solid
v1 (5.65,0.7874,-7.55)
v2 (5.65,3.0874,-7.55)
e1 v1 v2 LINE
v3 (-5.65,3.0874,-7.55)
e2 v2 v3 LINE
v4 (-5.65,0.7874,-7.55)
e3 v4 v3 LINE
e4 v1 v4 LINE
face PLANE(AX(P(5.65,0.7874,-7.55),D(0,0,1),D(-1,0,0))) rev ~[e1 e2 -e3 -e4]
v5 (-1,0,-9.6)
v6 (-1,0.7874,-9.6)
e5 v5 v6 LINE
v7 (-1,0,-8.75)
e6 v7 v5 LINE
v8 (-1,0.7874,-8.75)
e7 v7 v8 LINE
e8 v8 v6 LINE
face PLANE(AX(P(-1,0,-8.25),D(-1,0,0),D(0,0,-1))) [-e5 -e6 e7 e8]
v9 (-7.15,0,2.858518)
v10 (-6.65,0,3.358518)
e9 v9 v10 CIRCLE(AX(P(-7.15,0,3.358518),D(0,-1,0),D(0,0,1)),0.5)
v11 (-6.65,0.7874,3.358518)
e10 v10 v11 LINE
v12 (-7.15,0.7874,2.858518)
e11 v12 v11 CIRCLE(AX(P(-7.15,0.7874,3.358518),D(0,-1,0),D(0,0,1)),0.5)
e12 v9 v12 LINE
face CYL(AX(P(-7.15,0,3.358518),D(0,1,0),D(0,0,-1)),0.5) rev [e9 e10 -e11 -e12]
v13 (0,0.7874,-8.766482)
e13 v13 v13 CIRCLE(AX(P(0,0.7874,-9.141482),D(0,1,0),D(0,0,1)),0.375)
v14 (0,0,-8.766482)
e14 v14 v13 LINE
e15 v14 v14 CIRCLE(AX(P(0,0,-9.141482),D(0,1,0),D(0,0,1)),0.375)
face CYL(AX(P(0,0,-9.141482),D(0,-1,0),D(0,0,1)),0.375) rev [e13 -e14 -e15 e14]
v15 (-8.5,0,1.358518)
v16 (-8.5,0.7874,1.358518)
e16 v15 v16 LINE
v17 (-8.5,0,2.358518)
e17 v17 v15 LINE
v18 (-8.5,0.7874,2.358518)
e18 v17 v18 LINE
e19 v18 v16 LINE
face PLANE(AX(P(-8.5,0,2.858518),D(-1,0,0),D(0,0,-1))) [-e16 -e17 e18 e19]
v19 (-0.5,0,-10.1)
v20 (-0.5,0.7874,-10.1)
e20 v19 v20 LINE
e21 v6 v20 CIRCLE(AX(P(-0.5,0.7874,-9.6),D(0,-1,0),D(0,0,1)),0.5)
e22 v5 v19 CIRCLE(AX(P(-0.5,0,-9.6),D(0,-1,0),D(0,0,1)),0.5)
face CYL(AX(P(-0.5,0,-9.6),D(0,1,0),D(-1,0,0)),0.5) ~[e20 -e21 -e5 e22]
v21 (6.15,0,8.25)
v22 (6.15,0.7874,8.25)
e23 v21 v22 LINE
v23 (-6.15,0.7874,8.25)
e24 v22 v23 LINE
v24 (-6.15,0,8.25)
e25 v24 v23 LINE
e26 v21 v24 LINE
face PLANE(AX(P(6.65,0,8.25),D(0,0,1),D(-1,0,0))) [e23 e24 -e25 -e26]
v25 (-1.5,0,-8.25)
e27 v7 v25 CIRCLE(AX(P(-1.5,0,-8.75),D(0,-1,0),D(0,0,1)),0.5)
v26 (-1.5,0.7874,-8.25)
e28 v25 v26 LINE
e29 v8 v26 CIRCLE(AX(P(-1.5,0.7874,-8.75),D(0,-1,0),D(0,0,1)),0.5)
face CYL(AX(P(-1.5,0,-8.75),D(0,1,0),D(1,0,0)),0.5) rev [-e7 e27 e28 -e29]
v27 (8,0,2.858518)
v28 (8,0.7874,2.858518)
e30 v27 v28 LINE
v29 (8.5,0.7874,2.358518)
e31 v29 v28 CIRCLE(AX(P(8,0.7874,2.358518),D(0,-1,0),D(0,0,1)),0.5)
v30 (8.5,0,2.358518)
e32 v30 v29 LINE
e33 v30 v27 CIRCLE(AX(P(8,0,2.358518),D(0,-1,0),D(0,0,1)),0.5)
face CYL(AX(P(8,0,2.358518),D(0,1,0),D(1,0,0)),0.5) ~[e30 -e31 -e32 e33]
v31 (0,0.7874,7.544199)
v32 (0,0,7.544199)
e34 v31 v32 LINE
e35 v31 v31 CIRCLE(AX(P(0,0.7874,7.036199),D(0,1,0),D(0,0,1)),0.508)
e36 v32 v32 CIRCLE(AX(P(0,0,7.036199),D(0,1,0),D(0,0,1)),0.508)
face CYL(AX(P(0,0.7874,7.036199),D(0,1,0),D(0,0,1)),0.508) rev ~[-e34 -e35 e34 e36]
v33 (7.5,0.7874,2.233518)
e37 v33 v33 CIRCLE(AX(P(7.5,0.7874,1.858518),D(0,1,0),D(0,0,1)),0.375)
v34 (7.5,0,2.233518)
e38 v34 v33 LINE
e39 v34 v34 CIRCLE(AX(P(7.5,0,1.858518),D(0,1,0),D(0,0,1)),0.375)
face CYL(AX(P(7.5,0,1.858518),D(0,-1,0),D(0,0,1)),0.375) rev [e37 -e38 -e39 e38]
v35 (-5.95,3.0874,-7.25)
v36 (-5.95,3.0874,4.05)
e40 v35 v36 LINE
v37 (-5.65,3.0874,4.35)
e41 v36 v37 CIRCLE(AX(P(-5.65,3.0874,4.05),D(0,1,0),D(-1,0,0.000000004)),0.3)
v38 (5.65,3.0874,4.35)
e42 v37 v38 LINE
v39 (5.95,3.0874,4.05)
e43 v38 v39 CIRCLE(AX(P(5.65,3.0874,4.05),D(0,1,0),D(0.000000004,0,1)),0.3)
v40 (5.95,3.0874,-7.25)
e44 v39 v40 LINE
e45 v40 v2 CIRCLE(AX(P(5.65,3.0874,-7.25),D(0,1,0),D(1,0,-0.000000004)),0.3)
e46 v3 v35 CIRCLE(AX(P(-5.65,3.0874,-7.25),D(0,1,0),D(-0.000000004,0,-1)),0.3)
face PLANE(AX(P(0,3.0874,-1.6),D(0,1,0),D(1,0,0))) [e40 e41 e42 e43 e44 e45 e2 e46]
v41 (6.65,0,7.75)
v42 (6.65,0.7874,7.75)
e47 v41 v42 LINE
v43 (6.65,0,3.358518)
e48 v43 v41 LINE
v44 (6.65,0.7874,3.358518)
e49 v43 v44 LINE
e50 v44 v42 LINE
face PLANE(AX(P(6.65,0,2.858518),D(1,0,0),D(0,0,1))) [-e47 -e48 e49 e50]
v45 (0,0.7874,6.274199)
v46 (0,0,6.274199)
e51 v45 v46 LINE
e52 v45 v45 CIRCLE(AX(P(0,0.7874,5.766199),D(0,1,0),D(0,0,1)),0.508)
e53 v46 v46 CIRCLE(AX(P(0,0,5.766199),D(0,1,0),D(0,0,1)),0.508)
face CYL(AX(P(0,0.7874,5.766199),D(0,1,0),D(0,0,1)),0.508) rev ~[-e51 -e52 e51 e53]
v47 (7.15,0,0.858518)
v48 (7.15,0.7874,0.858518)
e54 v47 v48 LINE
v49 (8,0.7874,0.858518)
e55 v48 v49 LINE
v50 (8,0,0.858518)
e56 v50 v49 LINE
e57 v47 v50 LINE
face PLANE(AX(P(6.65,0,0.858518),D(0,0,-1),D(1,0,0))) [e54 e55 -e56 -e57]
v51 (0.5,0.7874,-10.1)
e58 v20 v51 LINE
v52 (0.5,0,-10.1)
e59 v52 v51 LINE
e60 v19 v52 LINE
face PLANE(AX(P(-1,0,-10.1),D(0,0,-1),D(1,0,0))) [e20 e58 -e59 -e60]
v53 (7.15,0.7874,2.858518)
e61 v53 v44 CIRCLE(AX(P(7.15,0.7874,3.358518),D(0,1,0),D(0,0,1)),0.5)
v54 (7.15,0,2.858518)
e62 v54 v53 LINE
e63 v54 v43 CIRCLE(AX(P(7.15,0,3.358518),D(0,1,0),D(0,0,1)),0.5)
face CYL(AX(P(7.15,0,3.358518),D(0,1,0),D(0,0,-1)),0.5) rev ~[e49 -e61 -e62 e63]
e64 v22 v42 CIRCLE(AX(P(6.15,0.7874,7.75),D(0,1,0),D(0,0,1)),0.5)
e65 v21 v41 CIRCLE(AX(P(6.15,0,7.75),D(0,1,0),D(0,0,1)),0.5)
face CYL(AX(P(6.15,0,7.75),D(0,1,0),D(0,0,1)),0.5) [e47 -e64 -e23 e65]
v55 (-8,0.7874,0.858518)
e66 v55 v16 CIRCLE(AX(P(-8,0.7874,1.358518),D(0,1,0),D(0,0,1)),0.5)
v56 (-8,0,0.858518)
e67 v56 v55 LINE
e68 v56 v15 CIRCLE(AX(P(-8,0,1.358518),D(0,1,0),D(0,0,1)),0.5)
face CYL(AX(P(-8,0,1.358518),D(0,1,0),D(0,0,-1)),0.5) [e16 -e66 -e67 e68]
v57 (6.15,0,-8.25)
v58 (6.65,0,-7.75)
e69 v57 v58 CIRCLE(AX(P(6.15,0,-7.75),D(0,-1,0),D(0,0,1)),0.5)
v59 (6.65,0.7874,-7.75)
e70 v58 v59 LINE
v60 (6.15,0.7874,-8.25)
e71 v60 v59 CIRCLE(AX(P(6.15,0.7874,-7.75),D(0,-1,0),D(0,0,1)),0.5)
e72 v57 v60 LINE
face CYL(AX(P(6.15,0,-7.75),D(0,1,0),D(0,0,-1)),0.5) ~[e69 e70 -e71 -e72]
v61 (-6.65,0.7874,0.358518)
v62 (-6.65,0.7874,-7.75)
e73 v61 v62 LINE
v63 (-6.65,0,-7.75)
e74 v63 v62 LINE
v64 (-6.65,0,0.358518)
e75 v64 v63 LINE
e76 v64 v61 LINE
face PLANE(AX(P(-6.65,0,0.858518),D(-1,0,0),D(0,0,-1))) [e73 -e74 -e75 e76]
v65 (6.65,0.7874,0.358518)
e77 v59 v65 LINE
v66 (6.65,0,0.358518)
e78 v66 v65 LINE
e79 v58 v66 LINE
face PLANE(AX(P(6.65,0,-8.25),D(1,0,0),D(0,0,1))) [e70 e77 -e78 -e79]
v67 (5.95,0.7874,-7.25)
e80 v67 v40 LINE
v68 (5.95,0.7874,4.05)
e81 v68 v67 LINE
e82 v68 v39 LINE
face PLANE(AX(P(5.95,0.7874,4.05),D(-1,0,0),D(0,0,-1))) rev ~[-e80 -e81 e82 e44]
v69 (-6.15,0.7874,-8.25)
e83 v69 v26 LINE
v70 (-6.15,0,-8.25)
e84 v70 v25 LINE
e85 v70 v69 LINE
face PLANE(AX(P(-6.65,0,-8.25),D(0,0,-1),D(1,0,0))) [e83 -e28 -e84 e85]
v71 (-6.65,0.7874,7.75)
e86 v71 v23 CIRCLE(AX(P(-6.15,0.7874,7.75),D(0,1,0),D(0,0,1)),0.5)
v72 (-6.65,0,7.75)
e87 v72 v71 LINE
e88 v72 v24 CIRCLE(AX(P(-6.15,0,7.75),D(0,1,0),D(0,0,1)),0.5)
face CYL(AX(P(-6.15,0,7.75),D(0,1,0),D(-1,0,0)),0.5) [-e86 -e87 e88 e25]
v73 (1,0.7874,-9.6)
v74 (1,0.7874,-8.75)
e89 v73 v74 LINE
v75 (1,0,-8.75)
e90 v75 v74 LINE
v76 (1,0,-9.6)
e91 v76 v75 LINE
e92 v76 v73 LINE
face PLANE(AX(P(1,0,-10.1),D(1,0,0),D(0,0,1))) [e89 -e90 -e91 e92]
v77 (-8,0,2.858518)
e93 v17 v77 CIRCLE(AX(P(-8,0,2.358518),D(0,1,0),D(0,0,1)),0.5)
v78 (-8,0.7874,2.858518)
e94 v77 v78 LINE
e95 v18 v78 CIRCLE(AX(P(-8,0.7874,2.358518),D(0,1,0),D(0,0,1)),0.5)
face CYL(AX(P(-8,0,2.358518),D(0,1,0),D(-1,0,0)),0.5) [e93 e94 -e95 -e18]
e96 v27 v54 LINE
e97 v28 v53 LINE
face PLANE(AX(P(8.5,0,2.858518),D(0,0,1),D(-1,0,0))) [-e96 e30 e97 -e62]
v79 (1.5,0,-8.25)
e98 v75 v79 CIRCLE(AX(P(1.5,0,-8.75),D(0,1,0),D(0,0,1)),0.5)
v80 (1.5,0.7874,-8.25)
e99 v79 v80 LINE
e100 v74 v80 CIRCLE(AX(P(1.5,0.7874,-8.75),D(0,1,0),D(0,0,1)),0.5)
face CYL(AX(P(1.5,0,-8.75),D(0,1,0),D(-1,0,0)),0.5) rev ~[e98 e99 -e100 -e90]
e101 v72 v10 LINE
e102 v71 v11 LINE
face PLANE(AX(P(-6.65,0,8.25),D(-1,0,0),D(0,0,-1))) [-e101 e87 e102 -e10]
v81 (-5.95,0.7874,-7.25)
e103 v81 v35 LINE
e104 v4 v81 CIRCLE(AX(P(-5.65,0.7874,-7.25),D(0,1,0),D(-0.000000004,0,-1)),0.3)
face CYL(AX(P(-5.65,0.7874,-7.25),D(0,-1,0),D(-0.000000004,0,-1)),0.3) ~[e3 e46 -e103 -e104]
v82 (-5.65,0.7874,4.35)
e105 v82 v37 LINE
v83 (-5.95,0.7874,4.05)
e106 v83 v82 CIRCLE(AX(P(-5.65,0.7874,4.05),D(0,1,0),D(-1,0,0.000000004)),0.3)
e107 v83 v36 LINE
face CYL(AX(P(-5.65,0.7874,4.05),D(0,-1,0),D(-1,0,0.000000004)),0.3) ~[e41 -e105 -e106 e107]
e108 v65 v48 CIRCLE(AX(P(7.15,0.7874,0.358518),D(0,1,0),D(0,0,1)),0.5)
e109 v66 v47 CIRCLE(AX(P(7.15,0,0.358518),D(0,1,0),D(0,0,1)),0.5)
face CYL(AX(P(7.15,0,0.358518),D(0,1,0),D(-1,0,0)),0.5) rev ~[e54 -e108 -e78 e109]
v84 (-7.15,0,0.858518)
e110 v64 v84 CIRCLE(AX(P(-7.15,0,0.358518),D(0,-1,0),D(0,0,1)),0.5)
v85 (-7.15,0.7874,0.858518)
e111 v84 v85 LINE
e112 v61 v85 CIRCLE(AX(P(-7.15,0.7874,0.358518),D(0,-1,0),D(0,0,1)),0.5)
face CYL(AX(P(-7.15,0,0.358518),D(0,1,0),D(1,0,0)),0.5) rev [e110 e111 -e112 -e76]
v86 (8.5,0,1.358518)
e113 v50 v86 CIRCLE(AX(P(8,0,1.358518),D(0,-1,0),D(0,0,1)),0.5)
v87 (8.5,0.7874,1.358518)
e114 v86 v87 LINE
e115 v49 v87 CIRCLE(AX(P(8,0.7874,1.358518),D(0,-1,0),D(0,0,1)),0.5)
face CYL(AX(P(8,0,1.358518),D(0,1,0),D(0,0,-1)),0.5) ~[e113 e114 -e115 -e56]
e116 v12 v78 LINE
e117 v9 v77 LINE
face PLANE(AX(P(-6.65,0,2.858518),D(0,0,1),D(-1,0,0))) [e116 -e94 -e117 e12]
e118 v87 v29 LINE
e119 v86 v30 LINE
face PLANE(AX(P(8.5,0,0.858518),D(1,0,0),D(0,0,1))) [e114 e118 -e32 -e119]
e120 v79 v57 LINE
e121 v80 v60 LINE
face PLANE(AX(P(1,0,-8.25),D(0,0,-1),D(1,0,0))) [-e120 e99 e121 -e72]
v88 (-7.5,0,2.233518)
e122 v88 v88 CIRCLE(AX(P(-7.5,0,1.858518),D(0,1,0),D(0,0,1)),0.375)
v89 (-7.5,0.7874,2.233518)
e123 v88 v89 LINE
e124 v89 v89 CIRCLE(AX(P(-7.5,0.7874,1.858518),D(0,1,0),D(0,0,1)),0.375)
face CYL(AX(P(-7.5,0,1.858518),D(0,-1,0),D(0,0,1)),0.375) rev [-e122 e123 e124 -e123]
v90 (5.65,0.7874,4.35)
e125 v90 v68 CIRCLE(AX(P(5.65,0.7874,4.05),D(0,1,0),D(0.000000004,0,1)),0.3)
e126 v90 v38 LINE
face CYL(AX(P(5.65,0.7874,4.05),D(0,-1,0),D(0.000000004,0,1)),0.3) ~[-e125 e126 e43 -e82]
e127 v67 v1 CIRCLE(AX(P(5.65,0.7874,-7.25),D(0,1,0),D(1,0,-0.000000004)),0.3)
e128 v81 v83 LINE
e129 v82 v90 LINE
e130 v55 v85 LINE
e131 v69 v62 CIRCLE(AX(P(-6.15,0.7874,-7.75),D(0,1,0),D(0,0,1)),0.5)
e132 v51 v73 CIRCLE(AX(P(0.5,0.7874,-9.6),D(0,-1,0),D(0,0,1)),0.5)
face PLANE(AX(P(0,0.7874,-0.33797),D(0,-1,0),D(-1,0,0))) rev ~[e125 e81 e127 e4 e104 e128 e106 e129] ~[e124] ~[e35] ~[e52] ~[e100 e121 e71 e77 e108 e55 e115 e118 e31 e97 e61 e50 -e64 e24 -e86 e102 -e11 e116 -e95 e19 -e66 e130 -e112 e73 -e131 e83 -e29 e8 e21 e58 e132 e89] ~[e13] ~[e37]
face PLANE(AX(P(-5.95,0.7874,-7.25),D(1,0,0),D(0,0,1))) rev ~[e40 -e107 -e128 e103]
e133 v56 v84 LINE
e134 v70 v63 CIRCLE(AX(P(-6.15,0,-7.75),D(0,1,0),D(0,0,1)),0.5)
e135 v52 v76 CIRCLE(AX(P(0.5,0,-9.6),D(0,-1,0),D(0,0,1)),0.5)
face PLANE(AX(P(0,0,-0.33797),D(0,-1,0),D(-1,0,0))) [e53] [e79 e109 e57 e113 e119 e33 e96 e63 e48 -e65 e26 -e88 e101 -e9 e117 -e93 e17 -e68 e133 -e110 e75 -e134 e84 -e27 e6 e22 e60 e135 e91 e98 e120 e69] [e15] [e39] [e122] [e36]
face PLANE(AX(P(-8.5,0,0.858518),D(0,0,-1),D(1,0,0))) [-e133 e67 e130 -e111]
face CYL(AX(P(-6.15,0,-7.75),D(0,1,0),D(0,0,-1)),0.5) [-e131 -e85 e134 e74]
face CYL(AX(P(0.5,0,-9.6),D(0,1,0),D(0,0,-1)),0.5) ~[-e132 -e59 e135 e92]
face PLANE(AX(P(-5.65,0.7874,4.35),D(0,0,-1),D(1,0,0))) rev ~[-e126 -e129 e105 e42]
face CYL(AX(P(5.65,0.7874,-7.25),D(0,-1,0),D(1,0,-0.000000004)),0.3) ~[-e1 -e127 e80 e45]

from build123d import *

# Parameters (mm, degrees)
SKETCH1_R           = 0.375
BOSS_EXTRUDE1_DEPTH = 0.7874
BOSS_EXTRUDE2_DEPTH = 2.3
FILLET1_R           = 0.5
SKETCH3_R           = 0.508
CUT_EXTRUDE1_DEPTH  = 0.7874


with BuildPart() as part:
    # Sketch1 → Boss-Extrude1 (new body)
    with BuildSketch(Plane(origin=(0, 0, 0), x_dir=(1, 0, 0), z_dir=(0, 1, 0))):
        Polygon((-1, 8.25), (-1, 10.1), (1, 10.1), (1, 8.25), (6.65, 8.25), (6.65, -0.858517924), (8.5, -0.858517924), (8.5, -2.858517924), (6.65, -2.858517924), (6.65, -8.25), (-6.65, -8.25), (-6.65, -2.858517924), (-8.5, -2.858517924), (-8.5, -0.858517924), (-6.65, -0.858517924), (-6.65, 8.25), align=None)
        with Locations(Location((-7.5, -1.858517924, 0), (0, 0, 270))):
            Circle(SKETCH1_R, mode=Mode.SUBTRACT)
        with Locations(Location((7.5, -1.858517924, 0), (0, 0, 270))):
            Circle(SKETCH1_R, mode=Mode.SUBTRACT)
        with Locations(Location((0, 9.141482076, 0), (0, 0, 270))):
            Circle(SKETCH1_R, mode=Mode.SUBTRACT)
    extrude(amount=BOSS_EXTRUDE1_DEPTH)

    # Sketch2 → Boss-Extrude2 (add)
    with BuildSketch(Plane(origin=(0, 0.7874, 0), x_dir=(1, 0, 0), z_dir=(0, 1, 0))):
        with BuildLine():
            Line((5.65, 7.55), (-5.65, 7.55))
            ThreePointArc((-5.65, 7.55), (-5.862132034, 7.462132034), (-5.95, 7.25))
            Line((-5.95, 7.25), (-5.95, -4.05))
            ThreePointArc((-5.95, -4.05), (-5.862132034, -4.262132034), (-5.65, -4.35))
            Line((-5.65, -4.35), (5.65, -4.35))
            ThreePointArc((5.65, -4.35), (5.862132034, -4.262132034), (5.95, -4.05))
            Line((5.95, -4.05), (5.95, 7.25))
            ThreePointArc((5.95, 7.25), (5.862132034, 7.462132034), (5.65, 7.55))
        make_face()
    extrude(amount=BOSS_EXTRUDE2_DEPTH)

    # Fillet1
    fillet1_edges = [part.edges().sort_by_distance(p)[0] for p in [
        (-6.65, 0.3937, 2.858517924),
        (-8.5, 0.3937, 2.858517924),
        (-8.5, 0.3937, 0.858517924),
        (-6.65, 0.3937, 0.858517924),
        (-6.65, 0.3937, -8.25),
        (-1, 0.3937, -8.25),
        (-1, 0.3937, -10.1),
        (1, 0.3937, -10.1),
        (1, 0.3937, -8.25),
        (6.65, 0.3937, -8.25),
        (6.65, 0.3937, 0.858517924),
        (8.5, 0.3937, 0.858517924),
        (8.5, 0.3937, 2.858517924),
        (6.65, 0.3937, 2.858517924),
        (6.65, 0.3937, 8.25),
        (-6.65, 0.3937, 8.25),
    ]]
    fillet(fillet1_edges, radius=FILLET1_R)

    # Sketch3 → Cut-Extrude1 (cut)
    with BuildSketch(Plane(origin=(0, 0.7874, 0), x_dir=(1, 0, 0), z_dir=(0, 1, 0))):
        with Locations(Location((0, -5.76619869, 0), (0, 0, 270))):
            Circle(SKETCH3_R)
        with Locations(Location((0, -7.03619869, 0), (0, 0, 270))):
            Circle(SKETCH3_R)
    extrude(amount=-CUT_EXTRUDE1_DEPTH, mode=Mode.SUBTRACT)


solid = part.part
